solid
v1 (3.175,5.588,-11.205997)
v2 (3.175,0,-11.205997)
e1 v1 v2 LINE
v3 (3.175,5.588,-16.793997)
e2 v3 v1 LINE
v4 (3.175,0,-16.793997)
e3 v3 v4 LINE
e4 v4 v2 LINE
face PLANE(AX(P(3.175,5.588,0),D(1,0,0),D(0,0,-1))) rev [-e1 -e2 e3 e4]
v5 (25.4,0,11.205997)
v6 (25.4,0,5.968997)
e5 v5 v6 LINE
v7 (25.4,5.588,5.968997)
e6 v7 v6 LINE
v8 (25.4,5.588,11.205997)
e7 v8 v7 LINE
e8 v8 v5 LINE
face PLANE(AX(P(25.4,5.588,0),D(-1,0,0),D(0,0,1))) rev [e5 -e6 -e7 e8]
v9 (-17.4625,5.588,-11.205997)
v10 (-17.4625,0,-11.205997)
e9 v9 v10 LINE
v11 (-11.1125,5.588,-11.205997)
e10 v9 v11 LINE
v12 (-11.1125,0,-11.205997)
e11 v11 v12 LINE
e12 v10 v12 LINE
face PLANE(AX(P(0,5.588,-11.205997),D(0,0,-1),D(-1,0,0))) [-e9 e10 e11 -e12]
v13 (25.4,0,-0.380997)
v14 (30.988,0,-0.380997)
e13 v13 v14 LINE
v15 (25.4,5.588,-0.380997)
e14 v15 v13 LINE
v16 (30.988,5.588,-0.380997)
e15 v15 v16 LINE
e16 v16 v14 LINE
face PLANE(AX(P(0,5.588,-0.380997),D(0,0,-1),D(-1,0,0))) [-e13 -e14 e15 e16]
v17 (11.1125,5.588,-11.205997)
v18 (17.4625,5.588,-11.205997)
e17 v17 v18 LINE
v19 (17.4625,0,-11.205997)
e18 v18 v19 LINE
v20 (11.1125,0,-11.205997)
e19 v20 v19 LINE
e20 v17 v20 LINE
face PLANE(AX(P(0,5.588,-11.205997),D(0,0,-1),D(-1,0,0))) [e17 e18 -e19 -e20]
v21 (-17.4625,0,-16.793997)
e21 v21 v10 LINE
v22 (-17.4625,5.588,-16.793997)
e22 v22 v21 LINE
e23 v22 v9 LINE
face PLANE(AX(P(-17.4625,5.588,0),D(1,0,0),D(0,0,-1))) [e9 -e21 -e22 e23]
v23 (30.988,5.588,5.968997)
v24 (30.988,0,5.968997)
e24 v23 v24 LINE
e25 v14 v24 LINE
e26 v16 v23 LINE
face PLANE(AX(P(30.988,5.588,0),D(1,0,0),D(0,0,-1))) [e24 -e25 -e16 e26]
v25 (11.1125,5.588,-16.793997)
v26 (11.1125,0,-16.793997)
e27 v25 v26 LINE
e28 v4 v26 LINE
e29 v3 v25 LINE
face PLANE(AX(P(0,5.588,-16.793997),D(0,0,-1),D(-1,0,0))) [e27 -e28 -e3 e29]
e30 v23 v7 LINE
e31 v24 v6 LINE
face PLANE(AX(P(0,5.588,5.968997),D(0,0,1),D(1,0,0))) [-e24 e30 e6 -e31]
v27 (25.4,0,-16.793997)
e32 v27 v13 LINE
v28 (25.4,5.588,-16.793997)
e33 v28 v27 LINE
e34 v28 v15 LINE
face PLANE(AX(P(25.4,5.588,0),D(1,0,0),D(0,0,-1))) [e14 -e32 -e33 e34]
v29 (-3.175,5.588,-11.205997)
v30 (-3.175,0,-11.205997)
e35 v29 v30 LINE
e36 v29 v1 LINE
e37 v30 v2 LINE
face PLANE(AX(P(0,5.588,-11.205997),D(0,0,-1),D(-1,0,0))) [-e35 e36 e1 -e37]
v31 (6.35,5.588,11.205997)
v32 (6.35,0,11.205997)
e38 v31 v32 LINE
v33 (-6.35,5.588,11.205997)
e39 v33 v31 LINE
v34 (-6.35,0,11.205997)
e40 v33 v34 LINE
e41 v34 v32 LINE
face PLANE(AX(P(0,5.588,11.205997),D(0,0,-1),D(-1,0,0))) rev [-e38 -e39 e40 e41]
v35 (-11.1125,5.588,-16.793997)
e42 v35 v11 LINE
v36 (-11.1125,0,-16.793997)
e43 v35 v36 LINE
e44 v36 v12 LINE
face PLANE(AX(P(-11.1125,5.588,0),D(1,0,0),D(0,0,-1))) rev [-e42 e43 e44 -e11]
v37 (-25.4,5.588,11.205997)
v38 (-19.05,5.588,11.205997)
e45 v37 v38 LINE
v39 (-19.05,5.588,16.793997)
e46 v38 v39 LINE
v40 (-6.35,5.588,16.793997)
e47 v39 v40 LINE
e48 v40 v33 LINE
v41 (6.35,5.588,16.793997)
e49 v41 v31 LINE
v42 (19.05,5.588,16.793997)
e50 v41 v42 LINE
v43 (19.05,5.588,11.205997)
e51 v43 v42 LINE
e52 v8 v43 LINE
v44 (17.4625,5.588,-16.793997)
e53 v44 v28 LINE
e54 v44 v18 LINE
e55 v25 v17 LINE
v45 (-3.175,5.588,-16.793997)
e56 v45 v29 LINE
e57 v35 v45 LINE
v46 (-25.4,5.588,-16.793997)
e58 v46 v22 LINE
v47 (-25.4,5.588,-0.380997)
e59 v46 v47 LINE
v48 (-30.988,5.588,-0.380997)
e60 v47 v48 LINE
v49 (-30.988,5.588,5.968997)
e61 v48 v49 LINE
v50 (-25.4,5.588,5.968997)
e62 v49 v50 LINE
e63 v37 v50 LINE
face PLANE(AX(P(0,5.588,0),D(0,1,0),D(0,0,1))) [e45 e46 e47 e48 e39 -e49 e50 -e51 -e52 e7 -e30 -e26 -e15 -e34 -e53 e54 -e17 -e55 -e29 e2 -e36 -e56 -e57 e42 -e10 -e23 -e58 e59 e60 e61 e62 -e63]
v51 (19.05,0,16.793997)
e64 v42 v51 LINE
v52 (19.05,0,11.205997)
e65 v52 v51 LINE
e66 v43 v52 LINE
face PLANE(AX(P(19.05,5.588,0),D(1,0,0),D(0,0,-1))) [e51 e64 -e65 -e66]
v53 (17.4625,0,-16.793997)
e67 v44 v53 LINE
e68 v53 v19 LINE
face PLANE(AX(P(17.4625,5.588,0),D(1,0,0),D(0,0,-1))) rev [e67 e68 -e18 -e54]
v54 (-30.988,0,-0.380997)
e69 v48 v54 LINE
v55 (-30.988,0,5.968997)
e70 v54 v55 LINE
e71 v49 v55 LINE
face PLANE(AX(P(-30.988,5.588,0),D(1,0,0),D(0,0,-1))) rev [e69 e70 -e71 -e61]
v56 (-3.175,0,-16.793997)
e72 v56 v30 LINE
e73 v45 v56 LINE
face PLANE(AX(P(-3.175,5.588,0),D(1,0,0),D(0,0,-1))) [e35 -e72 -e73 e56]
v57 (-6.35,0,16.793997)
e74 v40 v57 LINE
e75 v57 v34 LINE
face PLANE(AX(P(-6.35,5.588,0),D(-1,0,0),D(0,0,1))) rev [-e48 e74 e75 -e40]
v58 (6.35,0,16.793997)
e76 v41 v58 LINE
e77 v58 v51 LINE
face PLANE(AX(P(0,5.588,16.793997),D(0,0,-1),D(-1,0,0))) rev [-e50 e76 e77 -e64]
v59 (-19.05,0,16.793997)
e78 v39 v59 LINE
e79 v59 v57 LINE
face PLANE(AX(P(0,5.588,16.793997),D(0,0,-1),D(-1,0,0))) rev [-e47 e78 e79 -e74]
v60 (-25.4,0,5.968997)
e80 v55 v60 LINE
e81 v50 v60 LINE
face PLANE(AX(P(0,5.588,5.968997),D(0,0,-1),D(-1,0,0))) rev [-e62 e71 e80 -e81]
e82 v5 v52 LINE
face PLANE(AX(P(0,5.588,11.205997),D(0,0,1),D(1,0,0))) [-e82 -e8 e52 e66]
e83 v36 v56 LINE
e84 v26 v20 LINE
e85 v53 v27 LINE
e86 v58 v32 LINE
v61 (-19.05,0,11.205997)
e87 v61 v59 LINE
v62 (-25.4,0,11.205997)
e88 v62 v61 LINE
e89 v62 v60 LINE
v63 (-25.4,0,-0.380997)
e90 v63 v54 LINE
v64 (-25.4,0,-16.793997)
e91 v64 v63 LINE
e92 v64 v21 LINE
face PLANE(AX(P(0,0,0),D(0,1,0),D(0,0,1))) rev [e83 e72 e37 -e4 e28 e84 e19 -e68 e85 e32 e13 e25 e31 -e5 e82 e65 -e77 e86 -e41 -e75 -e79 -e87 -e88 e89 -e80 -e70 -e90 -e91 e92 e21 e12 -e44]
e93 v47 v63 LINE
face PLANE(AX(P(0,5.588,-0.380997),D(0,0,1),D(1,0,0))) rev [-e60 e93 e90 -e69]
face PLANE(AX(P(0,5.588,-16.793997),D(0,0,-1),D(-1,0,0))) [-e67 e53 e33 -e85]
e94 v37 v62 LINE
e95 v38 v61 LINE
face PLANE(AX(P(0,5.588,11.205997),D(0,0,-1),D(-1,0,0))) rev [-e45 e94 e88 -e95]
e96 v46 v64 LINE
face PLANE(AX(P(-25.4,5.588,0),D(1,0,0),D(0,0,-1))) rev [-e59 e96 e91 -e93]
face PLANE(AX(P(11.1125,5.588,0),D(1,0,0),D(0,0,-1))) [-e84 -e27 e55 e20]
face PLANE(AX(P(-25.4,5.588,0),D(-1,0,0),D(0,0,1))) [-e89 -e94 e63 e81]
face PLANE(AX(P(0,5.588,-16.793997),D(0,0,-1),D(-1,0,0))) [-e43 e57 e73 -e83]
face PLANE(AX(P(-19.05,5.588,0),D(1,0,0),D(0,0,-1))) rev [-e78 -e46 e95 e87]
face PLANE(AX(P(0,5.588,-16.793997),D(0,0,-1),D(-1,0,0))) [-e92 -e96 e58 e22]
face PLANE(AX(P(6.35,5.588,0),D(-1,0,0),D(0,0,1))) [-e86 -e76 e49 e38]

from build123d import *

# Parameters (mm, degrees)
BOSS_EXTRUDE1_DEPTH = 5.588


with BuildPart() as part:
    # Sketch1 → Boss-Extrude1 (new body)
    with BuildSketch(Plane(origin=(0, 0, 0), x_dir=(1, 0, 0), z_dir=(0, 1, 0))):
        Polygon((-17.4625, 16.7939974), (-25.4, 16.7939974), (-25.4, 0.3809974), (-30.988, 0.3809974), (-30.988, -5.9689974), (-25.4, -5.9689974), (-25.4, -11.2059974), (-19.05, -11.2059974), (-19.05, -16.7939974), (-6.35, -16.7939974), (-6.35, -11.2059974), (6.35, -11.2059974), (6.35, -16.7939974), (19.05, -16.7939974), (19.05, -11.2059974), (25.4, -11.2059974), (25.4, -5.9689974), (30.988, -5.9689974), (30.988, 0.3809974), (25.4, 0.3809974), (25.4, 16.7939974), (17.4625, 16.7939974), (17.4625, 11.2059974), (11.1125, 11.2059974), (11.1125, 16.7939974), (3.175, 16.7939974), (3.175, 11.2059974), (-3.175, 11.2059974), (-3.175, 16.7939974), (-11.1125, 16.7939974), (-11.1125, 11.2059974), (-17.4625, 11.2059974), align=None)
    extrude(amount=BOSS_EXTRUDE1_DEPTH)


solid = part.part
